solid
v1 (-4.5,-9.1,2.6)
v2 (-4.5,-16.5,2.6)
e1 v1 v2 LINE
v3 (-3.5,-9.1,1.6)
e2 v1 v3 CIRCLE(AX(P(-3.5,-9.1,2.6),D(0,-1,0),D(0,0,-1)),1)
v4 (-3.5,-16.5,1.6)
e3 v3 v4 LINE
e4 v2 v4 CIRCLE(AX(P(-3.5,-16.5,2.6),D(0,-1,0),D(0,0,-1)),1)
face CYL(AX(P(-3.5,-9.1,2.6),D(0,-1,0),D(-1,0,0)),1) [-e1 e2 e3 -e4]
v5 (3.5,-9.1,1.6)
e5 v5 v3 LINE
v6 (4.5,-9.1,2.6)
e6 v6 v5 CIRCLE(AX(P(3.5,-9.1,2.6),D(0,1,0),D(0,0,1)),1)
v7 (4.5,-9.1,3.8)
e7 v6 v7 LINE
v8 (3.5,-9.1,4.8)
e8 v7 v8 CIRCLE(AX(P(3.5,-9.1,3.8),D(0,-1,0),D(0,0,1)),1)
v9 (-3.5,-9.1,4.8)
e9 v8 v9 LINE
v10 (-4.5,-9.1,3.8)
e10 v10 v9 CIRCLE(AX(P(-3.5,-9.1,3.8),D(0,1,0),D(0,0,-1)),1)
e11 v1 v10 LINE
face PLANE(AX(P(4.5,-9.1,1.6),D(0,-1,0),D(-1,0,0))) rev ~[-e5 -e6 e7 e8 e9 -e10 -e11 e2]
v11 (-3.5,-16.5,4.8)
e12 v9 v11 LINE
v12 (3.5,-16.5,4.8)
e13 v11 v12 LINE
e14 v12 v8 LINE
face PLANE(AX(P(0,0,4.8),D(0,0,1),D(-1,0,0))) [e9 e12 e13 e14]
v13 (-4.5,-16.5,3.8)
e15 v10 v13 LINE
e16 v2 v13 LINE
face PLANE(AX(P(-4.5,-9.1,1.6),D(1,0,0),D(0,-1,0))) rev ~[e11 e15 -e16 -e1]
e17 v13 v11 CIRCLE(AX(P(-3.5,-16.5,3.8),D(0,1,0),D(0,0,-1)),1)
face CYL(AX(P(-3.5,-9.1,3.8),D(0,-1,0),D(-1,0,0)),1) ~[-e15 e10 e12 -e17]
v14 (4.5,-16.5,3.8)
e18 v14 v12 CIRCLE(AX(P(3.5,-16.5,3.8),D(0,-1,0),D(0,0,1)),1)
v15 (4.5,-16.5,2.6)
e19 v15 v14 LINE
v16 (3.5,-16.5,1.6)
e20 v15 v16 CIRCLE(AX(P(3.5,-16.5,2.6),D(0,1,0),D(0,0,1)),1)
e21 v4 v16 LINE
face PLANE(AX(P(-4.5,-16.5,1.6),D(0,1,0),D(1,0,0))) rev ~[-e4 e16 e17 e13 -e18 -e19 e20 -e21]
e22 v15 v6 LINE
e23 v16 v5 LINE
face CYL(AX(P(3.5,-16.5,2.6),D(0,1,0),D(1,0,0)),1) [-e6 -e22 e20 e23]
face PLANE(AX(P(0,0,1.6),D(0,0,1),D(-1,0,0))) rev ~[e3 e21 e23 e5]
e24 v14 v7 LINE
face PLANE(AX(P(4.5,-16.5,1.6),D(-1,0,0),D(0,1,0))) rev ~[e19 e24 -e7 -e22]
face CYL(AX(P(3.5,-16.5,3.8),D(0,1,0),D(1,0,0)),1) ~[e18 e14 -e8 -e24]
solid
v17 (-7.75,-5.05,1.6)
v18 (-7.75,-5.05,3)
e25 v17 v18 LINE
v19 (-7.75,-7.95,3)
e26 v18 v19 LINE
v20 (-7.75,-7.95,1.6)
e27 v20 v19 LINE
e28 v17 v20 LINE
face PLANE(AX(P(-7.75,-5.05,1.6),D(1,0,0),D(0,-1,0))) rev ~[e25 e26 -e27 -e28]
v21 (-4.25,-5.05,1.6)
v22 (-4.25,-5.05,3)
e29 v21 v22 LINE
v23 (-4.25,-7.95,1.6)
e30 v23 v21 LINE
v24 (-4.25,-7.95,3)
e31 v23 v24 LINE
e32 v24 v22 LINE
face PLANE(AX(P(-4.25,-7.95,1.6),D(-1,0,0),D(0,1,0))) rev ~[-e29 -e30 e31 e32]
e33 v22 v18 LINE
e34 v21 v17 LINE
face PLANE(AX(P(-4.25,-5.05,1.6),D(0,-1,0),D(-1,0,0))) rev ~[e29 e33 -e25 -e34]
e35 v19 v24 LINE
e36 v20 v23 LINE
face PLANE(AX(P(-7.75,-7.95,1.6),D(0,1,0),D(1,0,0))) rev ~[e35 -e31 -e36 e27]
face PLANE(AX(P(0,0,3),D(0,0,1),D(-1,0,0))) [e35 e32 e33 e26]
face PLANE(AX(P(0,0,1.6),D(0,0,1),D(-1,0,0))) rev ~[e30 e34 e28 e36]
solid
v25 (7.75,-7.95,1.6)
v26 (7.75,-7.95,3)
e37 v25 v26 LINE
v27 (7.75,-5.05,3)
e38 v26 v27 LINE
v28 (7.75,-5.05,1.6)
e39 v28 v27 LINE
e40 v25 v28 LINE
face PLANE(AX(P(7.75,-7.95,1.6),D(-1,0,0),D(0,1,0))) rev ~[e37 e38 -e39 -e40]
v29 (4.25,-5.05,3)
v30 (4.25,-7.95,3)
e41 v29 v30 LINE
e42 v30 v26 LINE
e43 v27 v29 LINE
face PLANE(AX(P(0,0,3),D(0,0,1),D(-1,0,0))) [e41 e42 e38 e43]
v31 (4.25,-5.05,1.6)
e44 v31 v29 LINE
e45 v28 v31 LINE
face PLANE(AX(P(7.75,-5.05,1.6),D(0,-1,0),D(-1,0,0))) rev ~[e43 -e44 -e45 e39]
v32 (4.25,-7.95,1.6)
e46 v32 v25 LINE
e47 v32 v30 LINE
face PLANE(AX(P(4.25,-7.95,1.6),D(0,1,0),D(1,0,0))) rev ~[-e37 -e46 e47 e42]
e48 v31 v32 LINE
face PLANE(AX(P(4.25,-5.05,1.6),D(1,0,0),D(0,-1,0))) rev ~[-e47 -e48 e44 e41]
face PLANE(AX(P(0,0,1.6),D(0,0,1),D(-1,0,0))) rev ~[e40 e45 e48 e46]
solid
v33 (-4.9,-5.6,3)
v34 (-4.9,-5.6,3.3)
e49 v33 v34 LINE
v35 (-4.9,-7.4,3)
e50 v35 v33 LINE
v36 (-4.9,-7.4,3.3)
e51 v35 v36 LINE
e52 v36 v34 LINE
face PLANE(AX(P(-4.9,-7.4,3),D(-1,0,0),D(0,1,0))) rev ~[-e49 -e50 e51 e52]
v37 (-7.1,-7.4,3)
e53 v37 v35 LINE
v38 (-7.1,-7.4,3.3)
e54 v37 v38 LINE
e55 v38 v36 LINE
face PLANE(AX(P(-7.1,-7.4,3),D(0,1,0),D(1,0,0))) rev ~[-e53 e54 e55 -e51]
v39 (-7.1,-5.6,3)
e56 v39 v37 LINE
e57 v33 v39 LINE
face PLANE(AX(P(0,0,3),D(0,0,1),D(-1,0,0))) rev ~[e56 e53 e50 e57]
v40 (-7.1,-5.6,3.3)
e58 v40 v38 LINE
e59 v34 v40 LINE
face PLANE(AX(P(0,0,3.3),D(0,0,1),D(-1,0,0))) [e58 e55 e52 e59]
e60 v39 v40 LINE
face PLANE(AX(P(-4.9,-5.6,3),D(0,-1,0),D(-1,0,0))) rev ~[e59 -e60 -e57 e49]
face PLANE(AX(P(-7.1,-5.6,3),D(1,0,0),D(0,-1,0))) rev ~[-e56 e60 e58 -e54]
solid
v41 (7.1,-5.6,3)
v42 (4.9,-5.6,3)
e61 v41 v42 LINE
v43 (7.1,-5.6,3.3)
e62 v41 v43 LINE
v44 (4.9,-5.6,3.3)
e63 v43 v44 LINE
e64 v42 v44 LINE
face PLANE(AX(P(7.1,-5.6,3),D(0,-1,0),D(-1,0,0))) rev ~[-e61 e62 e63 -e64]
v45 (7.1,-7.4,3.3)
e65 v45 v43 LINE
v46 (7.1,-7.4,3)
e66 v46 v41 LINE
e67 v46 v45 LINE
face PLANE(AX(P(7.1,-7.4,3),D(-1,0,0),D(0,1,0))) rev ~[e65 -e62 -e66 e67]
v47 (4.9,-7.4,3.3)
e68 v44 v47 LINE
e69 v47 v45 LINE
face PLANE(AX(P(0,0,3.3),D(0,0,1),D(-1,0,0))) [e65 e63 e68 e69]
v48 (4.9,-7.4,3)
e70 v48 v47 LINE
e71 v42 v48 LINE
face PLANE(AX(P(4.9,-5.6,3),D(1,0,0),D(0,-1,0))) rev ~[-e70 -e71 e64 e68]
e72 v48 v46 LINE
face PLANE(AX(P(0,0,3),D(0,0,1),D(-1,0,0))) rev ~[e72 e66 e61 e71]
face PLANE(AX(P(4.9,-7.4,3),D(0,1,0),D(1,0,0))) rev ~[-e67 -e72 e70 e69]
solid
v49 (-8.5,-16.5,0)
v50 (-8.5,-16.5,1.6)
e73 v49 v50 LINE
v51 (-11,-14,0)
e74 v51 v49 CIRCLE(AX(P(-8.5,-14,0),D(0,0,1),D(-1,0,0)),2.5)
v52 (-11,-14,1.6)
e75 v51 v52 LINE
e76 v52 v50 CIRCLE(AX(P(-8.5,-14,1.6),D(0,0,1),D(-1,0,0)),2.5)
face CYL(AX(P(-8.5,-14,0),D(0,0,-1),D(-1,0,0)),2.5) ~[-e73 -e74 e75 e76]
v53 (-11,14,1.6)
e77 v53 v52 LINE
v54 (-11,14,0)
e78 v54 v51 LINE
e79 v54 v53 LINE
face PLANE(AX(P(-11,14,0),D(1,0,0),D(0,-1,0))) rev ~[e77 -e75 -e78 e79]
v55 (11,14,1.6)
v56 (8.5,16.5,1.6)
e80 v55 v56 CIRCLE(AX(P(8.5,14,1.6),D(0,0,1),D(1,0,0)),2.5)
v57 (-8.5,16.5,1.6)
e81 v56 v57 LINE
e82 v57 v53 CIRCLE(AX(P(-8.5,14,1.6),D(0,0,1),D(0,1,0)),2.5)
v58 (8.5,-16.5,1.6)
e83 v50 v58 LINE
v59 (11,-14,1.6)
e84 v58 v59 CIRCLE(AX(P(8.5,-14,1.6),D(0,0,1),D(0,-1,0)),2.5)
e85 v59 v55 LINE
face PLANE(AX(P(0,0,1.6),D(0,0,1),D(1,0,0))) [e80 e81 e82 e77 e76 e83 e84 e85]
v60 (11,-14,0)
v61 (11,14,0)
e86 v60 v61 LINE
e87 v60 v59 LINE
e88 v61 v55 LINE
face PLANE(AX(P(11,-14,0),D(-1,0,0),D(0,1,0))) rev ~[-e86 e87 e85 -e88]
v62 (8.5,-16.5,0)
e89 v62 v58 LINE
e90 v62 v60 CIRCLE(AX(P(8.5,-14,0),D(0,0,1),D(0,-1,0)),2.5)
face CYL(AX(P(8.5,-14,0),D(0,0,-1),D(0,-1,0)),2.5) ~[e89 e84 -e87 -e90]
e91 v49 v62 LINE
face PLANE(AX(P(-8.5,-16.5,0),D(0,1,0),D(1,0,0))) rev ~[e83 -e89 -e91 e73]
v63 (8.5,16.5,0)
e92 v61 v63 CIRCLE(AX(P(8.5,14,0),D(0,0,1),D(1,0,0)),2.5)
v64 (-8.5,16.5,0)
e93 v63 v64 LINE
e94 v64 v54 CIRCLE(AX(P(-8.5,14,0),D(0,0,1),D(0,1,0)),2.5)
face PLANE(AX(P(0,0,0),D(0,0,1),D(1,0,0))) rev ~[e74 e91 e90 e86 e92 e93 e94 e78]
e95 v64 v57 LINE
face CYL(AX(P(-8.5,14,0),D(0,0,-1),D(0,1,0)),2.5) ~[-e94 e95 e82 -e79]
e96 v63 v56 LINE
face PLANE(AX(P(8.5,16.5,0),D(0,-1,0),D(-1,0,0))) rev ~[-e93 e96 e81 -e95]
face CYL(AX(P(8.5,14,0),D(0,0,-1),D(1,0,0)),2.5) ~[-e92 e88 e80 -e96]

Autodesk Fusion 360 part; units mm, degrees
sketch "Sketch1" plane through (0, 0, 0) normal (0, 0, 1) x (1, 0, 0) in component "USB_PCB"
  line L0 (8.5, 16.5) -> (-8.5, 16.5)
  line L1 (-11, 14) -> (-11, -14)
  line L2 (-8.5, -16.5) -> (8.5, -16.5)
  line L3 (11, -14) -> (11, 14)
  line L4 (11, 16.5) -> (-11, -16.5) construction
  line L5 (-11, 16.5) -> (11, -16.5) construction
  arc A0 (-8.5, 16.5) -> (-11, 14) centre (-8.5, 14) ccw
  arc A1 (11, 14) -> (8.5, 16.5) centre (8.5, 14) ccw
  arc A2 (8.5, -16.5) -> (11, -14) centre (8.5, -14) ccw
  arc A3 (-11, -14) -> (-8.5, -16.5) centre (-8.5, -14) ccw
  point P0 (0, -16.5)
  point P1 (-11, -16.5)
  point P2 (11, -16.5)
  dimension "d4" = 22
  dimension "d5" = 33
  dimension "d7" = 2.5
extrude "Extrude1" add sketch "Sketch1" along normal blind 1.6 makes body 1 in component "USB_PCB"
sketch "Sketch2" plane through (0, 0, 1.6) normal (0, 0, 1) x (-1, 0, 0) in component "USB_PCB"
  arc A0 (11, 14) -> (8.5, 16.5) centre (8.5, 14) ccw
  line L0 (8.5, 16.5) -> (-8.5, 16.5)
  arc A1 (-8.5, 16.5) -> (-11, 14) centre (-8.5, 14) ccw
  line L1 (-11, 14) -> (-11, -14)
  arc A2 (-11, -14) -> (-8.5, -16.5) centre (-8.5, -14) ccw
  line L2 (-8.5, -16.5) -> (8.5, -16.5)
  arc A3 (8.5, -16.5) -> (11, -14) centre (8.5, -14) ccw
  line L3 (11, -14) -> (11, 14)
  line L4 (-6, -16.5) -> (-6, 16.5) construction
  line L5 (6, -16.5) -> (6, 16.5) construction
  line L6 (11, 6.5) -> (-11, 6.5) construction
  line L7 (4.25, 5.05) -> (7.75, 5.05)
  line L8 (7.75, 5.05) -> (7.75, 7.95)
  line L9 (7.75, 7.95) -> (4.25, 7.95)
  line L10 (4.25, 7.95) -> (4.25, 5.05)
  line L11 (4.25, 5.05) -> (7.75, 7.95) construction
  line L12 (7.75, 5.05) -> (4.25, 7.95) construction
  line L13 (-7.75, 5.05) -> (-4.25, 5.05)
  line L14 (-4.25, 5.05) -> (-4.25, 7.95)
  line L15 (-4.25, 7.95) -> (-7.75, 7.95)
  line L16 (-7.75, 7.95) -> (-7.75, 5.05)
  line L17 (-7.75, 5.05) -> (-4.25, 7.95) construction
  line L18 (-4.25, 5.05) -> (-7.75, 7.95) construction
  line L19 (0, -16.5) -> (0, 16.5) construction
  line L20 (-11, 9.1) -> (11, 9.1) construction
  line L21 (11, 12.8) -> (-11, 12.8) construction
  line L22 (-4.5, 9.1) -> (4.5, 9.1)
  line L23 (4.5, 9.1) -> (4.5, 16.5)
  line L24 (4.5, 16.5) -> (-4.5, 16.5)
  line L25 (-4.5, 16.5) -> (-4.5, 9.1)
  line L26 (-4.5, 9.1) -> (4.5, 16.5) construction
  line L27 (4.5, 9.1) -> (-4.5, 16.5) construction
  point P0 (6, 6.5)
  point P1 (-6, 6.5)
  point P2 (0, 12.8)
  dimension "d12" = 10
  dimension "d13" = 5
  dimension "d14" = 5
  dimension "d18" = 3.5
  dimension "d19" = 2.9
  dimension "d20" = 3.5
  dimension "d21" = 2.9
  dimension "d36" = 7.4
  dimension "d37" = 3.7
  dimension "d38" = 9
  dimension "d39" = 7.4
extrude "Extrude2" add sketch "Sketch2" along normal blind 1.4 separate body contours L7 L8 L9 L10 | L13 L14 L15 L16 makes body 2 at (-5.4167, -6.0167, 1.6) makes body 3 at (6.5833, -6.0167, 1.6) in component "USB_PCB"
sketch "Sketch3" plane through (0, 0, 3) normal (0, 0, 1) x (-1, 0, 0) in component "USB_PCB"
  line L0 (4.25, 7.95) -> (4.25, 5.05)
  line L1 (4.25, 5.05) -> (7.75, 5.05)
  line L2 (7.75, 5.05) -> (7.75, 7.95)
  line L3 (7.75, 7.95) -> (4.25, 7.95)
  line L4 (6, 5.05) -> (6, 7.95) construction
  line L5 (-7.75, 7.95) -> (-7.75, 5.05) construction
  line L6 (7.75, 6.5) -> (-7.75, 6.5) construction
  line L7 (-7.75, 5.05) -> (-4.25, 5.05) construction
  line L8 (-4.25, 7.95) -> (-7.75, 7.95) construction
  line L9 (-6, 5.05) -> (-6, 7.95) construction
  line L10 (4.9, 5.6) -> (7.1, 5.6)
  line L11 (7.1, 5.6) -> (7.1, 7.4)
  line L12 (7.1, 7.4) -> (4.9, 7.4)
  line L13 (4.9, 7.4) -> (4.9, 5.6)
  line L14 (4.9, 5.6) -> (7.1, 7.4) construction
  line L15 (7.1, 5.6) -> (4.9, 7.4) construction
  line L16 (-7.1, 5.6) -> (-4.9, 5.6)
  line L17 (-4.9, 5.6) -> (-4.9, 7.4)
  line L18 (-4.9, 7.4) -> (-7.1, 7.4)
  line L19 (-7.1, 7.4) -> (-7.1, 5.6)
  line L20 (-7.1, 5.6) -> (-4.9, 7.4) construction
  line L21 (-4.9, 5.6) -> (-7.1, 7.4) construction
  point P0 (6, 6.5)
  point P1 (-6, 6.5)
  dimension "d27" = 2.2
  dimension "d28" = 1.8
  dimension "d29" = 2.2
  dimension "d30" = 1.8
extrude "Extrude3" add sketch "Sketch3" along normal blind 0.3 separate body contours L10 L11 L12 L13 | L16 L17 L18 L19 makes body 4 at (-6.3667, -6.2, 3) makes body 5 at (5.6333, -6.2, 3) in component "USB_PCB"
extrude "Extrude4" add sketch "Sketch2" along normal blind 3.2 separate body contours L0 L22 L23 L24 L25 makes body 6 in component "USB_PCB"
fillet "Fillet1" radius 1 4 edges at (-4.5, -12.8, 1.6) (-4.5, -12.8, 4.8) (4.5, -12.8, 4.8) (4.5, -12.8, 1.6) on bodies 6 in component "USB_PCB"
component "USB_PCB" placed x (1, 0, 0) y (0, 1, 0) z (0, 0, 1) at (0, 0, 0)
equation "Board_Width = 22 mm"
equation "Board_Height = 33 mm"
equation "PCB_Thickness = 1.6 mm"
equation "d4 = Board_Width"
equation "d5 = Board_Height"
equation "Board_Fillet_Radius = 2.5 mm"
equation "d7 = Board_Fillet_Radius"
equation "d8 = PCB_Thickness"
equation "Button_Up_Offset = 10 mm"
equation "Button_In_Offset = 5 mm"
equation "d12 = Button_Up_Offset"
equation "d13 = Button_In_Offset"
equation "d14 = Button_In_Offset"
equation "Button_Width = 3.5 mm"
equation "Button_Height = 2.9 mm"
equation "Button_Depth = 1.4 mm"
equation "d18 = Button_Width"
equation "d19 = Button_Height"
equation "d20 = Button_Width"
equation "d21 = Button_Height"
equation "d22 = Button_Depth"
equation "Button_Nipple_Width = 2.2 mm"
equation "Button_Nipple_Height = 1.8 mm"
equation "Button_Nipple_Depth = 0.3 mm"
equation "d27 = Button_Nipple_Width"
equation "d28 = Button_Nipple_Height"
equation "d29 = Button_Nipple_Width"
equation "d30 = Button_Nipple_Height"
equation "d31 = Button_Nipple_Depth"
equation "USB_Width = 9 mm"
equation "USB_Height = 7.4 mm"
equation "USB_Depth = 3.2 mm"
equation "d36 = USB_Height"
equation "d37 = USB_Height / 2"
equation "d38 = USB_Width"
equation "d39 = USB_Height"
equation "d40 = USB_Depth"
equation "USB_Radius = 1 mm"
equation "d44 = USB_Radius"
